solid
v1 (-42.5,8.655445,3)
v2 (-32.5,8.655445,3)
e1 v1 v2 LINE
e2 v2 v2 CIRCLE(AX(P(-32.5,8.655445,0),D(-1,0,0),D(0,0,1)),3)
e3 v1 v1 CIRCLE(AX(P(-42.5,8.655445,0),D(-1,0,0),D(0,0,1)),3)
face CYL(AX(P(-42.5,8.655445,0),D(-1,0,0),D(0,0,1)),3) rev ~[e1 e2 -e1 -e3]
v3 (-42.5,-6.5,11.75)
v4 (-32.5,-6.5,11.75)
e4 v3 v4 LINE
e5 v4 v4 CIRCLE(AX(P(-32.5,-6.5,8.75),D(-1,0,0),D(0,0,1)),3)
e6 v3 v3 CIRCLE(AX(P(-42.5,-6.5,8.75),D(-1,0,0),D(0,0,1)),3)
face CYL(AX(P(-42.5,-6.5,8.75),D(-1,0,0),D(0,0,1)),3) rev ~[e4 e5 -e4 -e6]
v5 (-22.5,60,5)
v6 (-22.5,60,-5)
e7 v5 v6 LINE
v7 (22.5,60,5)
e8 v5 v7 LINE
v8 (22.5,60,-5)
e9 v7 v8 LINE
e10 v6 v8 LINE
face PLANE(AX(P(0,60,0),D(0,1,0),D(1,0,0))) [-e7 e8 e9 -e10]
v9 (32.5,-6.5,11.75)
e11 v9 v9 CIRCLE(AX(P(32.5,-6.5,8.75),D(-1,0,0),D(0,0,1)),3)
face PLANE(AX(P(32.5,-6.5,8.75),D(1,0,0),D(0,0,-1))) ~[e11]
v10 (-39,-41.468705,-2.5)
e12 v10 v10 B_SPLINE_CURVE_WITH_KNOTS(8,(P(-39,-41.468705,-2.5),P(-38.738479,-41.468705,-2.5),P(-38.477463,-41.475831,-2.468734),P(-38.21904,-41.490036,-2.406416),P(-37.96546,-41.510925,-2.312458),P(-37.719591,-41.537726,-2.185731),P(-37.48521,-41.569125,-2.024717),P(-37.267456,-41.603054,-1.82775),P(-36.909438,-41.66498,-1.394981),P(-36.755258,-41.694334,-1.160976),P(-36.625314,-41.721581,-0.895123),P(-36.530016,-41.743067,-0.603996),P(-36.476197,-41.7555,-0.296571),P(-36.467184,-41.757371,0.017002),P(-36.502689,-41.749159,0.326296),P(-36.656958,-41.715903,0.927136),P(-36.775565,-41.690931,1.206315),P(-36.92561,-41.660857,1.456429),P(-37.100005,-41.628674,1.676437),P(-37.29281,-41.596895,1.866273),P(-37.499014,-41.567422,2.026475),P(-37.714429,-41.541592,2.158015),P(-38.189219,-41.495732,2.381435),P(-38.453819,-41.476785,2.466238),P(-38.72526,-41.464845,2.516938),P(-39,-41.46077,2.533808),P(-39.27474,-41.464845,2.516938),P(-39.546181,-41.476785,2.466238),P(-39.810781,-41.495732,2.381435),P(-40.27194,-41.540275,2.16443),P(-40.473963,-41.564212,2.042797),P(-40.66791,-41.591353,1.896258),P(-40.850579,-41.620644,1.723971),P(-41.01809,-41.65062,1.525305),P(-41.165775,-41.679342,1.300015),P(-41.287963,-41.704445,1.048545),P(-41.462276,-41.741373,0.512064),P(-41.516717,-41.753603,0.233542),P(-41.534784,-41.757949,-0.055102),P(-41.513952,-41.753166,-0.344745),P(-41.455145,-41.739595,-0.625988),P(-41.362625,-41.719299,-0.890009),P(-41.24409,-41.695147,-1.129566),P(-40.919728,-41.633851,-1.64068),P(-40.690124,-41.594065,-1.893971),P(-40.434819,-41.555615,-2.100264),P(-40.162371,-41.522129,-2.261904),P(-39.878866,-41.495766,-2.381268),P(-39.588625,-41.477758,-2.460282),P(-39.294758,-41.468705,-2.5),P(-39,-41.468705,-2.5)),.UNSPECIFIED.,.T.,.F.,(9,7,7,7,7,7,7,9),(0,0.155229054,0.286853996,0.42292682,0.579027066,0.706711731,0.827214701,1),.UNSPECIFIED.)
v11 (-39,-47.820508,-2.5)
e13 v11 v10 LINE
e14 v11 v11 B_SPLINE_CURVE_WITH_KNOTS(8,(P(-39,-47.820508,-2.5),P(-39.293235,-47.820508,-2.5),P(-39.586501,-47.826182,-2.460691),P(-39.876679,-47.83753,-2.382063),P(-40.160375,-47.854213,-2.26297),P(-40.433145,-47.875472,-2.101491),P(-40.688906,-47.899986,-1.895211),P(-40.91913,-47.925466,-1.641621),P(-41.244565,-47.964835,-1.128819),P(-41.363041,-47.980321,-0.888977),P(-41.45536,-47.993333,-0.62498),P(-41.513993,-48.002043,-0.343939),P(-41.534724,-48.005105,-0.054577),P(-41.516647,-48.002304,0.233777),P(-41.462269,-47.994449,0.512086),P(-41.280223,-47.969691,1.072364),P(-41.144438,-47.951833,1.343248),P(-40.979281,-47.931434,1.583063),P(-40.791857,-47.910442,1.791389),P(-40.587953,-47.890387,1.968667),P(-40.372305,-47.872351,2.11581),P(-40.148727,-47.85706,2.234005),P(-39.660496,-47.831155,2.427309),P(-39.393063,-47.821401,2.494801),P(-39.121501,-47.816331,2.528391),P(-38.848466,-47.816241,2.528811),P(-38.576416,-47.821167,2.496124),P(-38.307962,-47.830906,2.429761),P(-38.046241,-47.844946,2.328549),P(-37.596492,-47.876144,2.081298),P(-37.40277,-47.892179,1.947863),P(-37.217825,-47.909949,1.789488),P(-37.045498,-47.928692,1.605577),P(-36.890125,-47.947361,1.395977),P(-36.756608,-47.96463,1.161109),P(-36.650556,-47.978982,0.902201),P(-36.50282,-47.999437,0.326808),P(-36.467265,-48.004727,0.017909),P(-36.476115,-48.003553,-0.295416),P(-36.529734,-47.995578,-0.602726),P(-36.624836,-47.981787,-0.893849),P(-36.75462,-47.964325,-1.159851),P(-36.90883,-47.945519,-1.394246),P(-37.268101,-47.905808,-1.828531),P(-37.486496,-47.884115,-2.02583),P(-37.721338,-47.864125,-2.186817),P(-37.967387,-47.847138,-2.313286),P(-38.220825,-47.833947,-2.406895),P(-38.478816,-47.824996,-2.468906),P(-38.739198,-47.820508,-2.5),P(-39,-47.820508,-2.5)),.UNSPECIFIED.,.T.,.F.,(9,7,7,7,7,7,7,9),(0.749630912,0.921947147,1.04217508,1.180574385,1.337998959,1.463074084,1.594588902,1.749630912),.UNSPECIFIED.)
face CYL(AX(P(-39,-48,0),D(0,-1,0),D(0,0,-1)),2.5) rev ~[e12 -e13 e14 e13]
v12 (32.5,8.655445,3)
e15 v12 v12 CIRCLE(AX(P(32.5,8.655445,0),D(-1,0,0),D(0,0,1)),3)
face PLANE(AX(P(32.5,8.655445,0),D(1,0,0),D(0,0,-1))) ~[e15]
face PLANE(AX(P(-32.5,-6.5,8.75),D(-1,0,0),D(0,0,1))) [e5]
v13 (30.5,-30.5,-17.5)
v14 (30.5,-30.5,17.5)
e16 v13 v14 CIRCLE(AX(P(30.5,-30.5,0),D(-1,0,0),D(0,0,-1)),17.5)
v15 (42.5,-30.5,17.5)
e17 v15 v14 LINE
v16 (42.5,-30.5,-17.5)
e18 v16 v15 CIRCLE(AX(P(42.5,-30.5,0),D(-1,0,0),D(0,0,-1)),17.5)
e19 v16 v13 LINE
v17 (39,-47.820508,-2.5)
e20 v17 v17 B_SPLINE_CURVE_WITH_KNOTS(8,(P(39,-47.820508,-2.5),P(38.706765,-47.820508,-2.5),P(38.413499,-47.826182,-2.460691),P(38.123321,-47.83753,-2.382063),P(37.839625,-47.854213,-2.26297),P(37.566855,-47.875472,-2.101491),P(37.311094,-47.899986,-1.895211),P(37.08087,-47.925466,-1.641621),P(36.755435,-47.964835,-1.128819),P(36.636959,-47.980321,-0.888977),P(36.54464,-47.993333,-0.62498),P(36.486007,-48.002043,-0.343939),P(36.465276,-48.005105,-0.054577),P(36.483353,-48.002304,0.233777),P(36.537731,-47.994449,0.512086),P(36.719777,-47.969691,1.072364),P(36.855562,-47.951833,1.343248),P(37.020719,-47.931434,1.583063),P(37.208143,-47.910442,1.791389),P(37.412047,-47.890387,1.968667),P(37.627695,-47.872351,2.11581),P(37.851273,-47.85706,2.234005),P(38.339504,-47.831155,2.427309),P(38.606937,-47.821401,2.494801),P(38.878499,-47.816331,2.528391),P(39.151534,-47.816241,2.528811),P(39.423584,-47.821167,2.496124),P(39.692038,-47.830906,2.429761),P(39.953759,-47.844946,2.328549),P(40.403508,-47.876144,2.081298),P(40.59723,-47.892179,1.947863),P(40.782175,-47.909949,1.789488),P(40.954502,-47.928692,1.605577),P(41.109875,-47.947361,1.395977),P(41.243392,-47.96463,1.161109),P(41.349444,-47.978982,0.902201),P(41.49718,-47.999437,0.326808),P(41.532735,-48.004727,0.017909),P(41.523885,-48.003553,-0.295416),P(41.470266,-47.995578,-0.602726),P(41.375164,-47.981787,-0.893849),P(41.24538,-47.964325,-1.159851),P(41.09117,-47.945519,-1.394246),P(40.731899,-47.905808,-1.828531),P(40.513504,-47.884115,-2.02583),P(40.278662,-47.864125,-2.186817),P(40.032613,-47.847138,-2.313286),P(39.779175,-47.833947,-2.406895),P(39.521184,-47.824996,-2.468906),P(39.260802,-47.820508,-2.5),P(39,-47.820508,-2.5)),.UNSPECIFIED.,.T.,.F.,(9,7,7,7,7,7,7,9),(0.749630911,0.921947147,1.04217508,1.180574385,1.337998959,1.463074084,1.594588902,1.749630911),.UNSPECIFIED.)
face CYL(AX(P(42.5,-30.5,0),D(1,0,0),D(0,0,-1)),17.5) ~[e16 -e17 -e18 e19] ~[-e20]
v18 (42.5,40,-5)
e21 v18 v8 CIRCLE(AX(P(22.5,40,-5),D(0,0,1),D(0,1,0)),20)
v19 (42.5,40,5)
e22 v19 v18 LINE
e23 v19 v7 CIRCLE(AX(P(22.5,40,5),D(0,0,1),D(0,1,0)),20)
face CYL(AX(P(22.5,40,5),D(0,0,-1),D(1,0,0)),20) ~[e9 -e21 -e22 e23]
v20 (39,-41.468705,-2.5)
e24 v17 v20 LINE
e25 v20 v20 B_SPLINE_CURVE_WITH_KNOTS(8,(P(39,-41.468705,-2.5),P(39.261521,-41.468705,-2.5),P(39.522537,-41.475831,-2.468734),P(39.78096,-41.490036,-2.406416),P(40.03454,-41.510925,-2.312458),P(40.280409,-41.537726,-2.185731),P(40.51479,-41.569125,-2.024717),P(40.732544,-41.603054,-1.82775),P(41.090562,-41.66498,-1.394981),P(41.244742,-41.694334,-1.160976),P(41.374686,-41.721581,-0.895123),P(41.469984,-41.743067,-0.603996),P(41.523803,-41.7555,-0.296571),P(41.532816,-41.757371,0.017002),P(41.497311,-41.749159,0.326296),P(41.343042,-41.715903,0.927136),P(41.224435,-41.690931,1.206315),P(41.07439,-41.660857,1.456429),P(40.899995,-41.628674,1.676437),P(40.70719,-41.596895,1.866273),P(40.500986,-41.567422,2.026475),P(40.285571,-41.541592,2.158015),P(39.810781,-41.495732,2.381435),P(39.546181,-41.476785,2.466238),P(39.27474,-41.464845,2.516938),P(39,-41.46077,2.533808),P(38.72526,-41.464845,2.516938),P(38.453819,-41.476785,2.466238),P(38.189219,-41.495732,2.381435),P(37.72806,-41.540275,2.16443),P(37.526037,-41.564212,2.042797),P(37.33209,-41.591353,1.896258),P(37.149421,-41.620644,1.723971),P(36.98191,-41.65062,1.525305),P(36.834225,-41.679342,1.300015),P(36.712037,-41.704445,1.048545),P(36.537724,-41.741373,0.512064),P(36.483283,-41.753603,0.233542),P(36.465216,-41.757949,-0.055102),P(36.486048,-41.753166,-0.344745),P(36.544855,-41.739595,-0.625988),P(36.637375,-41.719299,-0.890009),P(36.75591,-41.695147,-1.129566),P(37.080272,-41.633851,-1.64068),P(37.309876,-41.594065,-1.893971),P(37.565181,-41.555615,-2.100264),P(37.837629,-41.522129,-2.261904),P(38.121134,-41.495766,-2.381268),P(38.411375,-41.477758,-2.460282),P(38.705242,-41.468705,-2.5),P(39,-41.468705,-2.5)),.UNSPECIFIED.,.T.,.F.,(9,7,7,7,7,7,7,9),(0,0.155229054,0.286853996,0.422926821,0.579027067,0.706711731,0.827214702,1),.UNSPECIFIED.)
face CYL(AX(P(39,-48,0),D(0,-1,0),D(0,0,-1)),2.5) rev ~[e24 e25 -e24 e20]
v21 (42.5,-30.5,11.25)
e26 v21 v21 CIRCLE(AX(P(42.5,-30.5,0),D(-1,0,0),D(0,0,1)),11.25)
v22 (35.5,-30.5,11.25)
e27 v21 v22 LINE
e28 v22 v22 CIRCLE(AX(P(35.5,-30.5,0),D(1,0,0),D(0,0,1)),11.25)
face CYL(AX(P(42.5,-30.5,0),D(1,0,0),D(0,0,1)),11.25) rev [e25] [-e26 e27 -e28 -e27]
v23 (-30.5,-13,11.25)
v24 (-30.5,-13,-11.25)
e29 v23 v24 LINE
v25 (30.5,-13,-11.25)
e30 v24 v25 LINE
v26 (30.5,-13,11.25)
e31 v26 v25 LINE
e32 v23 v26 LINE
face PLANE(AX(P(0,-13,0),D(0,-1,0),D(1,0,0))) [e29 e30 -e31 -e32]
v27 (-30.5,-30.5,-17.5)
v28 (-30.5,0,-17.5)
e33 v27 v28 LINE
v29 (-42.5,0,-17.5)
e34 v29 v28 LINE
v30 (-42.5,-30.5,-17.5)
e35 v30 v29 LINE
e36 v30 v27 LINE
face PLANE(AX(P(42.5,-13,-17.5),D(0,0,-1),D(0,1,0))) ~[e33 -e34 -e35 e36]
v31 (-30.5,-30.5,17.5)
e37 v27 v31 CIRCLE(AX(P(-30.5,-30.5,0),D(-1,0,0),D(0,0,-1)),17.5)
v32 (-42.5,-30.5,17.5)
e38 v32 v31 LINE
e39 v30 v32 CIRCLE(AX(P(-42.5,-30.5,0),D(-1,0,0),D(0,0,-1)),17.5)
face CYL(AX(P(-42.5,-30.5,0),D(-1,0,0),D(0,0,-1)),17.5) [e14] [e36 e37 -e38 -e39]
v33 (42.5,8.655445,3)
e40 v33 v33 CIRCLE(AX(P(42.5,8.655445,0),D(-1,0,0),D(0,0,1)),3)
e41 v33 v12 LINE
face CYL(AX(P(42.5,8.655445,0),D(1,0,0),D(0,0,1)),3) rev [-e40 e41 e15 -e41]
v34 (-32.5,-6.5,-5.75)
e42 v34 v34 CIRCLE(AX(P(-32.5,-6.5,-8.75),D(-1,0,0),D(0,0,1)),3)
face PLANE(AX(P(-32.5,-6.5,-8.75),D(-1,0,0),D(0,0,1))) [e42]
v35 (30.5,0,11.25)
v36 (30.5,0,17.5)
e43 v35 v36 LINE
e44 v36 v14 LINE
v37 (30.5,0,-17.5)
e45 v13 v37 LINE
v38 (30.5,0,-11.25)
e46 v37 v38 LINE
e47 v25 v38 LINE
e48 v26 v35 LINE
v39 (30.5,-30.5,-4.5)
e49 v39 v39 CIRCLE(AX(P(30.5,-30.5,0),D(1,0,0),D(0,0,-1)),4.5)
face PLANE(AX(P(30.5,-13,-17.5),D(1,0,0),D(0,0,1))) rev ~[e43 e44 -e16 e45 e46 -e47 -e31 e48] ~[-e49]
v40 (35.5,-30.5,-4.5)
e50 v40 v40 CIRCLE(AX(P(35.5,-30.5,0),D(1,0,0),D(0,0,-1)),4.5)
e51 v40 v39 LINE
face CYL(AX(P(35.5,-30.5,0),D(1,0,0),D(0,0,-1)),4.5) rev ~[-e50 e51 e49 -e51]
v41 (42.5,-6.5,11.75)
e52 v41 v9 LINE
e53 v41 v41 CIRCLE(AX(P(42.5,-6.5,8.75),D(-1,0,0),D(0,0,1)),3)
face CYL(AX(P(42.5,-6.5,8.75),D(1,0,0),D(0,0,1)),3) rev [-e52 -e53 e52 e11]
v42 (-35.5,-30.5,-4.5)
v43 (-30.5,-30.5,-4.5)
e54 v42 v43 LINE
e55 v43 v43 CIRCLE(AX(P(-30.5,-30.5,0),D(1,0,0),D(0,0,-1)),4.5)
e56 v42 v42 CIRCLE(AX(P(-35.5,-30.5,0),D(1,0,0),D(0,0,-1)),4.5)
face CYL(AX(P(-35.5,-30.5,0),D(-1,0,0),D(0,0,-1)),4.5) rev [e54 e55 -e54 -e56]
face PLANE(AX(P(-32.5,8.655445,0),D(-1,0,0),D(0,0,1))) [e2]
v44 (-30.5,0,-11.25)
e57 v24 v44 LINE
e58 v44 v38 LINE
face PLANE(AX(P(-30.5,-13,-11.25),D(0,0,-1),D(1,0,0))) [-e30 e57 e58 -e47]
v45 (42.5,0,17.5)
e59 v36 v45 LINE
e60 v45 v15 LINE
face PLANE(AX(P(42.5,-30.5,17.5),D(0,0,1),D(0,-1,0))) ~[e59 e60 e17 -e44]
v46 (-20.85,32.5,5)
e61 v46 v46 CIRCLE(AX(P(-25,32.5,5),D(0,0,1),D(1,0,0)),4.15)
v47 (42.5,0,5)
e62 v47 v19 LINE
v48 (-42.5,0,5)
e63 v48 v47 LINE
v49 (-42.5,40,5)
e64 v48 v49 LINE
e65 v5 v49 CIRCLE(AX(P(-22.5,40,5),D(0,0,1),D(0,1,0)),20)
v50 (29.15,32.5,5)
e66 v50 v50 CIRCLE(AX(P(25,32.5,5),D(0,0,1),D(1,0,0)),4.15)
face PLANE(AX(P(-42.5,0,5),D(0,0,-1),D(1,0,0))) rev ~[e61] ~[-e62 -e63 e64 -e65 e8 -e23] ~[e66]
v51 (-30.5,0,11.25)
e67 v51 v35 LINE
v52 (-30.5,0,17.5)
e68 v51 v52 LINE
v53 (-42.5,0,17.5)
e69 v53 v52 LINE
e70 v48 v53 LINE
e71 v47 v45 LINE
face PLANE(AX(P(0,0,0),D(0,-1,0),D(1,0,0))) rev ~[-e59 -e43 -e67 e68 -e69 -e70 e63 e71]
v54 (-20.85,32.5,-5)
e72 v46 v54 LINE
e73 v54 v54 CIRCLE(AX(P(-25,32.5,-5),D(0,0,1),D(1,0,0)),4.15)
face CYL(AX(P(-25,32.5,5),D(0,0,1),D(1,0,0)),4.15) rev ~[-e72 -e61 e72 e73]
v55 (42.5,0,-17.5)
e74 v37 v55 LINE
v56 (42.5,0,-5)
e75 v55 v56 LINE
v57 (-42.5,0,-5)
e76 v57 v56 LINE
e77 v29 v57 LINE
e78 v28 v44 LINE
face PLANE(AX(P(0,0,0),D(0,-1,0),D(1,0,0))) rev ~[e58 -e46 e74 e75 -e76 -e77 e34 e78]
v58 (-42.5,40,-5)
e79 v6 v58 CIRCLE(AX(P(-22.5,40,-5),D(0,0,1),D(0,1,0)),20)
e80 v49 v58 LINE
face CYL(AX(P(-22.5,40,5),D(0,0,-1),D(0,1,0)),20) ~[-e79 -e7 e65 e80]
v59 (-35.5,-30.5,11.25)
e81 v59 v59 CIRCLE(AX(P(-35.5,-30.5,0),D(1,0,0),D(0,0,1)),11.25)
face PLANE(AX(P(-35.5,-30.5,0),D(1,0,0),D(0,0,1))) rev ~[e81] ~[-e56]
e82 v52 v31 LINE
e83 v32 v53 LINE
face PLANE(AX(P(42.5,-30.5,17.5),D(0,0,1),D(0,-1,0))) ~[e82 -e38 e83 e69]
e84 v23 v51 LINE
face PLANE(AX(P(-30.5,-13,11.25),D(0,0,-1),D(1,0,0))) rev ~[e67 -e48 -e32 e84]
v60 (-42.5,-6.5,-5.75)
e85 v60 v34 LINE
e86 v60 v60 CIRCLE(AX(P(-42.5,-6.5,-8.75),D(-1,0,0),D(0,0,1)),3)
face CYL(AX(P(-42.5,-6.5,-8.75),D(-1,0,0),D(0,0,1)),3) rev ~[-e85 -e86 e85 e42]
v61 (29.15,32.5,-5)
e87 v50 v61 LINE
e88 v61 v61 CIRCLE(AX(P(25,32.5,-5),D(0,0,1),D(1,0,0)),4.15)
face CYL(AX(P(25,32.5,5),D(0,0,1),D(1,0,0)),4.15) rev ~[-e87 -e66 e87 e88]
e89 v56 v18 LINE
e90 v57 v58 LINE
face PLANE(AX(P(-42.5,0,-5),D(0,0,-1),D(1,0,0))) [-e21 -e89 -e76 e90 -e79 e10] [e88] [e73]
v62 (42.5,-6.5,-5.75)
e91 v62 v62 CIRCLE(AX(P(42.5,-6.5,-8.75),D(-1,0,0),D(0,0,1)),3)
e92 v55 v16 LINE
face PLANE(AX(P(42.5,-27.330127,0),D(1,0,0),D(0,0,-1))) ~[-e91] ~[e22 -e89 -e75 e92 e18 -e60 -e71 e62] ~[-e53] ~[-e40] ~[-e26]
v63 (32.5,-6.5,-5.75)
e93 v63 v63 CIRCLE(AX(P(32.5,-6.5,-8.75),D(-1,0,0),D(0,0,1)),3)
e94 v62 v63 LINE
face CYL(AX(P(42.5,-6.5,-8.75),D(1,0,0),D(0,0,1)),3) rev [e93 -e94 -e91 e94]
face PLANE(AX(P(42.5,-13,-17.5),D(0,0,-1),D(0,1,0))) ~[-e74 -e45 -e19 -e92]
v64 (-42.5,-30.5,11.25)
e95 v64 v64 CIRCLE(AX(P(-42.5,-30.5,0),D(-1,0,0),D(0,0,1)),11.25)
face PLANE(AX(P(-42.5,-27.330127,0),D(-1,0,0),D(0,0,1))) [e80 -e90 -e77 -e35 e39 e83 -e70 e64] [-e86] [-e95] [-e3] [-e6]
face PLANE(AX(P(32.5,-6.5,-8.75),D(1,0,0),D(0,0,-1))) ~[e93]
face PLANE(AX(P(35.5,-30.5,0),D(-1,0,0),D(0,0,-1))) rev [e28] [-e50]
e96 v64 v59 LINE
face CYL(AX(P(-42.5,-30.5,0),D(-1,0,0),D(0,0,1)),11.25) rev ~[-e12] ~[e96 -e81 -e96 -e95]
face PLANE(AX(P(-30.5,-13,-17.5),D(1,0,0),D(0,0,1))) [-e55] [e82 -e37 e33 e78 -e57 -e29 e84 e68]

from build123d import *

# Parameters (mm, degrees)
SKETCH1_W           = 85
SKETCH1_H           = 10
BOSS_EXTRUDE1_DEPTH = 60
SKETCH2_R           = 4.15
CUT_EXTRUDE1_DEPTH  = 75.204110398
SKETCH3_W           = 85
SKETCH3_H           = 35
BOSS_EXTRUDE2_DEPTH = 13
SKETCH4_R           = 11.25
BOSS_EXTRUDE4_DEPTH = 12
BOSS_EXTRUDE5_START = -5
SKETCH5_R           = 11.25
SKETCH5_R_2         = 4.5
BOSS_EXTRUDE5_DEPTH = 5
SKETCH6_R           = 3
CUT_EXTRUDE2_DEPTH  = 10
SKETCH7_R           = 2.5
CUT_EXTRUDE3_DEPTH  = 10
FILLET2_R           = 20
SKETCH8_W           = 61
SKETCH8_H           = 6.25
CUT_EXTRUDE4_DEPTH  = 20


with BuildPart() as part:
    # Sketch1 → Boss-Extrude1 (new body)
    with BuildSketch(Plane(origin=(0, 0, 0), x_dir=(1, 0, 0), z_dir=(0, 1, 0))):
        Rectangle(SKETCH1_W, SKETCH1_H)
    extrude(amount=BOSS_EXTRUDE1_DEPTH)

    # Sketch2 → Cut-Extrude1 (cut, through all)
    with BuildSketch(Plane.XY.offset(5)):
        with Locations((-25, 32.5)):
            Circle(SKETCH2_R)
        with Locations((25, 32.5)):
            Circle(SKETCH2_R)
    extrude(amount=-CUT_EXTRUDE1_DEPTH, mode=Mode.SUBTRACT)

    # Sketch3 → Boss-Extrude2 (add)
    with BuildSketch(Plane.XZ):
        Rectangle(SKETCH3_W, SKETCH3_H)
    extrude(amount=BOSS_EXTRUDE2_DEPTH)

    # Sketch4 → Boss-Extrude4 (add)
    with BuildSketch(Plane.ZY.offset(42.5)):
        with BuildLine():
            Line((-17.5, -13), (-17.5, -30.5))
            ThreePointArc((-17.5, -30.5), (0, -48), (17.5, -30.5))
            Line((17.5, -30.5), (17.5, -13))
            Line((17.5, -13), (-17.5, -13))
        make_face()
        with Locations((0, -30.5)):
            Circle(SKETCH4_R, mode=Mode.SUBTRACT)
    boss_extrude4 = extrude(amount=-BOSS_EXTRUDE4_DEPTH)

    # Sketch5 → Boss-Extrude5 (add)
    with BuildSketch(Plane(origin=(-30.5, 0, 0), x_dir=(0, 0, -1), z_dir=(1, 0, 0)).offset(BOSS_EXTRUDE5_START)):
        with Locations(Location((0, -30.5, 0), (0, 0, 180))):
            Circle(SKETCH5_R)
        with Locations((0, -30.5)):
            Circle(SKETCH5_R_2, mode=Mode.SUBTRACT)
    boss_extrude5 = extrude(amount=BOSS_EXTRUDE5_DEPTH)

    # Sketch6 → Cut-Extrude2 (cut)
    with BuildSketch(Plane.ZY.offset(42.5)):
        with Locations((-8.75, -6.5)):
            Circle(SKETCH6_R)
        with Locations((8.75, -6.5)):
            Circle(SKETCH6_R)
        with Locations((0, 8.655444566)):
            Circle(SKETCH6_R)
    cut_extrude2 = extrude(amount=-CUT_EXTRUDE2_DEPTH, mode=Mode.SUBTRACT)

    # Mirror2: Boss-Extrude4, Boss-Extrude5, Cut-Extrude2 across plane
    add(boss_extrude4.mirror(Plane(origin=(0, 0, 0), x_dir=(0, 0, 1), z_dir=(1, 0, 0))))
    add(boss_extrude5.mirror(Plane(origin=(0, 0, 0), x_dir=(0, 0, 1), z_dir=(1, 0, 0))))
    add(cut_extrude2.mirror(Plane(origin=(0, 0, 0), x_dir=(0, 0, 1), z_dir=(1, 0, 0))), mode=Mode.SUBTRACT)

    # Sketch7 → Cut-Extrude3 (cut)
    with BuildSketch(Plane(origin=(0, -48, 0), x_dir=(-1, 0, 0), z_dir=(0, -1, 0))):
        with Locations(Location((-39, 0, 0), (0, 0, 90))):
            Circle(SKETCH7_R)
        with Locations(Location((39, 0, 0), (0, 0, 90))):
            Circle(SKETCH7_R)
    extrude(amount=-CUT_EXTRUDE3_DEPTH, mode=Mode.SUBTRACT)

    # Fillet2
    fillet2_edges = [part.edges().sort_by_distance(p)[0] for p in [
        (42.5, 60, 0),
        (-42.5, 60, 0),
    ]]
    fillet(fillet2_edges, radius=FILLET2_R)

    # Sketch8 → Cut-Extrude4 (cut)
    with BuildSketch(Plane.XZ.offset(13)):
        with Locations((0, 14.375)):
            Rectangle(SKETCH8_W, SKETCH8_H)
        with Locations((0, -14.375)):
            Rectangle(SKETCH8_W, SKETCH8_H)
    extrude(amount=-CUT_EXTRUDE4_DEPTH, mode=Mode.SUBTRACT)


solid = part.part
